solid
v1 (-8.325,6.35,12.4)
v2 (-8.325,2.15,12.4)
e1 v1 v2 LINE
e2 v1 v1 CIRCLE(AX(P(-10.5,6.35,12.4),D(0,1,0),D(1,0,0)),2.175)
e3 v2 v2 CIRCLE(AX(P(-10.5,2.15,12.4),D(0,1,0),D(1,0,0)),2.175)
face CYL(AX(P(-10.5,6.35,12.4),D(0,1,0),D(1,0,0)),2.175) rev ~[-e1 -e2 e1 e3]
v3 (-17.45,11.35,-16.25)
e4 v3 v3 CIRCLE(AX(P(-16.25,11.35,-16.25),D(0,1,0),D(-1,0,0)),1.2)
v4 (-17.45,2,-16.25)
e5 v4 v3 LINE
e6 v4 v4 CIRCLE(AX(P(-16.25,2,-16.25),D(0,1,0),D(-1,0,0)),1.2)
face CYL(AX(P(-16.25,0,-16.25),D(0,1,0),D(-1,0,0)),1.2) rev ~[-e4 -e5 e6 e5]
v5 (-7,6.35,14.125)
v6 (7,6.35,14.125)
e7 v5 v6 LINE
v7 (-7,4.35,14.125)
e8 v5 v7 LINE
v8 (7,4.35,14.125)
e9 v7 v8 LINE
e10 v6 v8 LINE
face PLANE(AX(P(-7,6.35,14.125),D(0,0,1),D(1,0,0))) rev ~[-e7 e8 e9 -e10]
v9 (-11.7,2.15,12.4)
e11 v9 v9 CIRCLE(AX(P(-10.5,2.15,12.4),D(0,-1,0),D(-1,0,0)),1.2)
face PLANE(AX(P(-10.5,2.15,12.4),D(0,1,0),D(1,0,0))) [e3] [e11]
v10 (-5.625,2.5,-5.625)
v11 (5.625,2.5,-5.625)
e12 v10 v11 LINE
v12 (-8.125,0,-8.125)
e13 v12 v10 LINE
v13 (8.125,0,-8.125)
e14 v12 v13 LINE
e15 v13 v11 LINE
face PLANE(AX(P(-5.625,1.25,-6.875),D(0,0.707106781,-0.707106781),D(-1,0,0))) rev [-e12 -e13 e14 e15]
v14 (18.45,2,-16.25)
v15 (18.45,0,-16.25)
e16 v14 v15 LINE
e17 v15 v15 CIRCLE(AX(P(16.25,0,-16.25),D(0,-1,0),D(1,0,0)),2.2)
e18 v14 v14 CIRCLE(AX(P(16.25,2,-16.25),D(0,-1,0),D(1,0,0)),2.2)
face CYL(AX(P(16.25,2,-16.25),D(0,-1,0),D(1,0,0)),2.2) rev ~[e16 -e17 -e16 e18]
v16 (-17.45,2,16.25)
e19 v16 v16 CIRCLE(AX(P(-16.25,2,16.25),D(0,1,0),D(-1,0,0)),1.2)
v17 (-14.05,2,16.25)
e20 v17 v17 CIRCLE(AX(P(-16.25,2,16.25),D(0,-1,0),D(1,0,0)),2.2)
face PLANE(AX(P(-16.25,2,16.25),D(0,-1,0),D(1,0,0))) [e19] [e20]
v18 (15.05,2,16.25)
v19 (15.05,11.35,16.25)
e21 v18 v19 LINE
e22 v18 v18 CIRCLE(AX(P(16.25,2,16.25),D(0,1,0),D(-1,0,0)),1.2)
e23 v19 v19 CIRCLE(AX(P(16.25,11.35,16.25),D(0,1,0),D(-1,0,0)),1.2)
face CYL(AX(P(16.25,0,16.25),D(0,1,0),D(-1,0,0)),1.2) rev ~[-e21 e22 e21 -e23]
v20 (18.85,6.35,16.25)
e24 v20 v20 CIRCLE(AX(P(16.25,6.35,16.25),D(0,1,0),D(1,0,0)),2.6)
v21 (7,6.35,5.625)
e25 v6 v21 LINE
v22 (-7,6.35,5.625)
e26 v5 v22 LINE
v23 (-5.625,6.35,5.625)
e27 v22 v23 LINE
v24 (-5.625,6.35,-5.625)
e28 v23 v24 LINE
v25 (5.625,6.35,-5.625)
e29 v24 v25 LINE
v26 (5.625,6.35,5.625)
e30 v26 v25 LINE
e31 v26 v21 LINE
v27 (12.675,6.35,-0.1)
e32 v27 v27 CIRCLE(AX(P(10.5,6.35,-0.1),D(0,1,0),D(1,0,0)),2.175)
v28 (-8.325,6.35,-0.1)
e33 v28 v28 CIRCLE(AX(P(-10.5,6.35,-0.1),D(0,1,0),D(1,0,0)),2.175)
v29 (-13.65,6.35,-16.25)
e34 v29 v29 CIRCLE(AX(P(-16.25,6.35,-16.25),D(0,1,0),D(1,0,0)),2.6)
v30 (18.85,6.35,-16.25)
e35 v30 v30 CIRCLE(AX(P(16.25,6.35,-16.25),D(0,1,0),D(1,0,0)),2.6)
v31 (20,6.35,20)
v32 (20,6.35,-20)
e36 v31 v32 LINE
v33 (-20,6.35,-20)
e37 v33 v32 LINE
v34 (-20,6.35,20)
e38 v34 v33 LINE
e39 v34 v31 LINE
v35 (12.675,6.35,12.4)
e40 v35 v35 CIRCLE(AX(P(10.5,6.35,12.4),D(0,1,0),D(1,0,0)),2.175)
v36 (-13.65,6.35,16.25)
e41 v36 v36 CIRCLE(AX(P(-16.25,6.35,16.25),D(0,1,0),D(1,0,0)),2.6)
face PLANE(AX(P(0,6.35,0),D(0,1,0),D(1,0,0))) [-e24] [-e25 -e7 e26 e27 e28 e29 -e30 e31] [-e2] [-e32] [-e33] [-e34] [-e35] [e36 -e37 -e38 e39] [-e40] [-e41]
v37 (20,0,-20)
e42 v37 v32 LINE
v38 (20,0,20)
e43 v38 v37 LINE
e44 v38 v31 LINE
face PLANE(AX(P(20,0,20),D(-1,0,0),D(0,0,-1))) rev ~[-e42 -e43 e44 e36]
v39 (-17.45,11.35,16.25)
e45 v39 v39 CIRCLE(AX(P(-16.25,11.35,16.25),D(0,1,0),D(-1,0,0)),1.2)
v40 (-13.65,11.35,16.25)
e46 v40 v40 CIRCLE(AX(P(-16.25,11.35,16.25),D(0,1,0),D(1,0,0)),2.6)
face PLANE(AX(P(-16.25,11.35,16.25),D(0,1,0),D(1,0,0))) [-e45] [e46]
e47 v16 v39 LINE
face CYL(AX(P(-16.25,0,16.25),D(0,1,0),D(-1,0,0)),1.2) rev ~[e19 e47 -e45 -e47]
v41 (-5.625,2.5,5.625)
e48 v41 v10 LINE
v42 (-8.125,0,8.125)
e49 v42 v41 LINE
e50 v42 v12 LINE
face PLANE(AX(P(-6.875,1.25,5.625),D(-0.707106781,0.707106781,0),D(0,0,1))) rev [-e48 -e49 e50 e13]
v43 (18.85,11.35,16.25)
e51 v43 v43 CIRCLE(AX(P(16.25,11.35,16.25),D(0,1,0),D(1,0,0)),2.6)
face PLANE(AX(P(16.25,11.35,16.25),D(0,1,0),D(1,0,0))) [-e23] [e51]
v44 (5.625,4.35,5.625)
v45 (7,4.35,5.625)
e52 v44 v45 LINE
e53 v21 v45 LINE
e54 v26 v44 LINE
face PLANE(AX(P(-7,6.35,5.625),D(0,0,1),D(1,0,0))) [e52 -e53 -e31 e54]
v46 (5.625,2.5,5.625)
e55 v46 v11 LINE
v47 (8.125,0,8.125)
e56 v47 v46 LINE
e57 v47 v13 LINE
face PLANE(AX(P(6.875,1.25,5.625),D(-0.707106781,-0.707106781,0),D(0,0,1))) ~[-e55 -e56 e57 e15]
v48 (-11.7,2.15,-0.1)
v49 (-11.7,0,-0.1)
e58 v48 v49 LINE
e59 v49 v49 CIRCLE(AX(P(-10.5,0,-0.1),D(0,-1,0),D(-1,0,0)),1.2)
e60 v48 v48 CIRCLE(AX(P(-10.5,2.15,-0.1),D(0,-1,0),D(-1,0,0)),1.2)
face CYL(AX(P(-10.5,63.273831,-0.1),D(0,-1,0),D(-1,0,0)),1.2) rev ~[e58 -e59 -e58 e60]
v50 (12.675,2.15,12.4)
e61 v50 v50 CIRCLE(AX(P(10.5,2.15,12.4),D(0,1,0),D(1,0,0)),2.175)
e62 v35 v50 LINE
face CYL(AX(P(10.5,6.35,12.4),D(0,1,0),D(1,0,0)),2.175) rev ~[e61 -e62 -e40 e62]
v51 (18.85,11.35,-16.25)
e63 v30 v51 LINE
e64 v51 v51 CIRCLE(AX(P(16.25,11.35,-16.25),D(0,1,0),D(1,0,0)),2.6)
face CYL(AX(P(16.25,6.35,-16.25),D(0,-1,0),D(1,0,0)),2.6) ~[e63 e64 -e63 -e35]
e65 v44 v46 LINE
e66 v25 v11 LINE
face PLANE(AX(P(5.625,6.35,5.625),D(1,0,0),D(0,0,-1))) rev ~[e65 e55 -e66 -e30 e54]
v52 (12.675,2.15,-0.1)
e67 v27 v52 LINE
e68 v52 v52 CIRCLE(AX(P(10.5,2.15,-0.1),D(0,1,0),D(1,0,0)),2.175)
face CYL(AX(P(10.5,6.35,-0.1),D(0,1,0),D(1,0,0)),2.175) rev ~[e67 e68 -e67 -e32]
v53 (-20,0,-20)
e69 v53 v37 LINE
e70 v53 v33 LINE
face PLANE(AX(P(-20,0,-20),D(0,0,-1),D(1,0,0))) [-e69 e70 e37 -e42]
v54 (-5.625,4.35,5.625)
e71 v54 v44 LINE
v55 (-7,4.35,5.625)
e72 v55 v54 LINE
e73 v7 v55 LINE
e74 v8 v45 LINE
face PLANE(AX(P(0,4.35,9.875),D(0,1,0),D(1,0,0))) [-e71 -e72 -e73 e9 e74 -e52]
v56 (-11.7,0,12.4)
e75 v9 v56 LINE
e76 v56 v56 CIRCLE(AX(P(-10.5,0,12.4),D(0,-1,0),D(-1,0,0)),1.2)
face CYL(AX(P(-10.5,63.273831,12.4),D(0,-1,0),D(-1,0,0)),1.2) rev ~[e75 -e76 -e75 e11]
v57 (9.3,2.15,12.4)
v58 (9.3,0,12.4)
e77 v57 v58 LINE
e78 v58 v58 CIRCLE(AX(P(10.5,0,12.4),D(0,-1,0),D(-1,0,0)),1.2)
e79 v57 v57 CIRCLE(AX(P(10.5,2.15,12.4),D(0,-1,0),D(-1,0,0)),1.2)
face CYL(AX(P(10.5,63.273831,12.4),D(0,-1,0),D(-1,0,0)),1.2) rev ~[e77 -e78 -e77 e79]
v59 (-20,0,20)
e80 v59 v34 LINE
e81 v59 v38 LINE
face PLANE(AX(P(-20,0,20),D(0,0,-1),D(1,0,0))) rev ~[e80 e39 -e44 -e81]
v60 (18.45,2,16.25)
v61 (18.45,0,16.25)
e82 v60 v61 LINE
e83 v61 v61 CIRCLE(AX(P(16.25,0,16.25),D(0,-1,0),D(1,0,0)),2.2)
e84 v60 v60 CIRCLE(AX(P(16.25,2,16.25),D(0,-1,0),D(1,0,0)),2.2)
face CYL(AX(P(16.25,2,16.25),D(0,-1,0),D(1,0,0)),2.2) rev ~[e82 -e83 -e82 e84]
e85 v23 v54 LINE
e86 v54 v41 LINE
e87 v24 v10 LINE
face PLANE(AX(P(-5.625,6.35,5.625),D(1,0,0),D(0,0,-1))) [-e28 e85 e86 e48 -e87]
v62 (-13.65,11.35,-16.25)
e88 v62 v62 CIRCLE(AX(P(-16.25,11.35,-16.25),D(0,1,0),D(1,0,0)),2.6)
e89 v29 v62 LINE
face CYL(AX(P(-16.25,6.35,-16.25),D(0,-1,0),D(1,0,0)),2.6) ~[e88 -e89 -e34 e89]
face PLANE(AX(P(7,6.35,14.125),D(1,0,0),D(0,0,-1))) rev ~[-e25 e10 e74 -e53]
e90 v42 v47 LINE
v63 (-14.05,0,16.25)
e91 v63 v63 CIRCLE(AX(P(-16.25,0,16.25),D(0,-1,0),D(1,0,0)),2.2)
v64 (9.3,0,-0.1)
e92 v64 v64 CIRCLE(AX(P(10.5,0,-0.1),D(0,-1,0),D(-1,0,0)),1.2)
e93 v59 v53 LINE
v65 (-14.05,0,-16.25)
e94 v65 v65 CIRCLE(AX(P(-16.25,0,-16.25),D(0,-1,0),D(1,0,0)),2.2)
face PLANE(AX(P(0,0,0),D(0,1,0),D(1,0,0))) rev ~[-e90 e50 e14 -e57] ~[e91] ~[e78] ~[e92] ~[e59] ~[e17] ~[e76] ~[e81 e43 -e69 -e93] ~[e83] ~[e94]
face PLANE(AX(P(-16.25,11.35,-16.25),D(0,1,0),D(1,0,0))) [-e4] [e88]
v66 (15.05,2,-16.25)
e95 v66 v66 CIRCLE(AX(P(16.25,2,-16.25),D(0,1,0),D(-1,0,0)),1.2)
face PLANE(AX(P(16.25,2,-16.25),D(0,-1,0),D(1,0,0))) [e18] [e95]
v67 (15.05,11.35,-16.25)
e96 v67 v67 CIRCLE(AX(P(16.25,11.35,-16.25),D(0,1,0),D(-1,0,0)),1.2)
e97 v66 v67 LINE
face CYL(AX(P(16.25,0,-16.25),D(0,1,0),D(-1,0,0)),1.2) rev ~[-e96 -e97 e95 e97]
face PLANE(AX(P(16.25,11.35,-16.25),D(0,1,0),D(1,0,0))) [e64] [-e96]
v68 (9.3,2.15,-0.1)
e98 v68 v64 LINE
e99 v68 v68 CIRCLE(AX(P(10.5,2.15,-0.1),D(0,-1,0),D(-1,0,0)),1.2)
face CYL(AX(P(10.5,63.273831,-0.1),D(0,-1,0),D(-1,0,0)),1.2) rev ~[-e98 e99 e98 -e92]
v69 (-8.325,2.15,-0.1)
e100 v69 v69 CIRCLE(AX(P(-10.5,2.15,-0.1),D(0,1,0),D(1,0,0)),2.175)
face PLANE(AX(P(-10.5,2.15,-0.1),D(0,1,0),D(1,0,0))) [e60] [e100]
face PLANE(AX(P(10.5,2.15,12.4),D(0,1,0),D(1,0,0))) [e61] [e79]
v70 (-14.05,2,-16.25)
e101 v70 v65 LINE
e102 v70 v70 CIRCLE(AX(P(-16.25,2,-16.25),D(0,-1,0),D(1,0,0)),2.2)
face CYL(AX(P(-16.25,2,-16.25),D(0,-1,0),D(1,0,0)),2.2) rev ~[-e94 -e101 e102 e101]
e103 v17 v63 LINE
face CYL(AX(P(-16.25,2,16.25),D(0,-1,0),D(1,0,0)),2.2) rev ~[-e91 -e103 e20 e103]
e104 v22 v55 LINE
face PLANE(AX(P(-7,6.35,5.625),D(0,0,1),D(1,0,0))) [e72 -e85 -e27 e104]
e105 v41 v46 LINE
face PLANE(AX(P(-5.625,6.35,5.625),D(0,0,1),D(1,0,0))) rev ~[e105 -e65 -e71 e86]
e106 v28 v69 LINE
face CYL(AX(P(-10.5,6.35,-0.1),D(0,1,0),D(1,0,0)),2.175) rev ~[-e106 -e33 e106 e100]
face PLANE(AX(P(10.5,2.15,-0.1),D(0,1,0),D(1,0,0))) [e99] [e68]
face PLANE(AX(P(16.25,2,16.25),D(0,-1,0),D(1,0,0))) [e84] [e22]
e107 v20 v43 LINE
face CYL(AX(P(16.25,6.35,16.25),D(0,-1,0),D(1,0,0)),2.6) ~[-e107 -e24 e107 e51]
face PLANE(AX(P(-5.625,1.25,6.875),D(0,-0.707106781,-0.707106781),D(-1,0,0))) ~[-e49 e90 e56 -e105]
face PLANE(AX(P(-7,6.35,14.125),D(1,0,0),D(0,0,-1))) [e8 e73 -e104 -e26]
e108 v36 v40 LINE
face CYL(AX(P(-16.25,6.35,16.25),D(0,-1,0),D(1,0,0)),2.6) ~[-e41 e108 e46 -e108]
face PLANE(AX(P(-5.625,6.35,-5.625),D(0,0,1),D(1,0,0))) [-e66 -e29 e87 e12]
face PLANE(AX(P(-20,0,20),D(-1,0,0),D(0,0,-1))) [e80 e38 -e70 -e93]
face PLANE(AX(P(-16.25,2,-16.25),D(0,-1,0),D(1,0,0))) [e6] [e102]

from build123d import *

# Parameters (mm, degrees)
SKETCH1_W                      = 40
SKETCH1_H                      = 40
BOSS_EXTRUDE1_DEPTH            = 6.35
SKETCH2_W                      = 11.25
SKETCH2_H                      = 11.25
CUT_EXTRUDE1_DEPTH             = 7.35
SKETCH3_W                      = 14
SKETCH3_H                      = 8.5
CUT_EXTRUDE2_DEPTH             = 2
M2_CLEARANCE_HOLE1_D           = 2.4
SKETCH6_R                      = 2.6
BOSS_EXTRUDE2_DEPTH            = 5
CBORE_FOR_M2_SHCS1_D           = 2.4
CBORE_FOR_M2_SHCS1_CBORE_D     = 4.4
CBORE_FOR_M2_SHCS1_CBORE_DEPTH = 2
SKETCH13_R                     = 2.175
CUT_EXTRUDE4_DEPTH             = 4.2
CHAMFER1_SIZE                  = 2.5


with BuildPart() as part:
    # Sketch1 → Boss-Extrude1 (new body)
    with BuildSketch(Plane(origin=(0, 0, 0), x_dir=(1, 0, 0), z_dir=(0, 1, 0))):
        Rectangle(SKETCH1_W, SKETCH1_H)
    extrude(amount=BOSS_EXTRUDE1_DEPTH)

    # Sketch2 → Cut-Extrude1 (cut, through all)
    with BuildSketch(Plane(origin=(0, 6.35, 0), x_dir=(1, 0, 0), z_dir=(0, 1, 0))):
        Rectangle(SKETCH2_W, SKETCH2_H)
    extrude(amount=-CUT_EXTRUDE1_DEPTH, mode=Mode.SUBTRACT)

    # Sketch3 → Cut-Extrude2 (cut)
    with BuildSketch(Plane(origin=(0, 6.35, 0), x_dir=(1, 0, 0), z_dir=(0, 1, 0))):
        with Locations((0, -9.875)):
            Rectangle(SKETCH3_W, SKETCH3_H)
    extrude(amount=-CUT_EXTRUDE2_DEPTH, mode=Mode.SUBTRACT)

    # M2 Clearance Hole1 (through all)
    with Locations(Plane(origin=(0, 6.35, 0), x_dir=(1, 0, 0), z_dir=(0, 1, 0))):
        with Locations((10.5, 0.1), (10.5, -12.4), (-10.5, -12.4), (-10.5, 0.1)):
            Hole(M2_CLEARANCE_HOLE1_D / 2)

    # Sketch6 → Boss-Extrude2 (add)
    with BuildSketch(Plane(origin=(0, 6.35, 0), x_dir=(1, 0, 0), z_dir=(0, 1, 0))):
        with Locations((-16.25, 16.25)):
            Circle(SKETCH6_R)
        with Locations((16.25, 16.25)):
            Circle(SKETCH6_R)
        with Locations((16.25, -16.25)):
            Circle(SKETCH6_R)
        with Locations((-16.25, -16.25)):
            Circle(SKETCH6_R)
    extrude(amount=BOSS_EXTRUDE2_DEPTH)

    # CBORE for M2 SHCS1 (through all)
    with Locations(Plane.XZ):
        with Locations((-16.25, -16.25), (-16.25, 16.25), (16.25, 16.25), (16.25, -16.25)):
            CounterBoreHole(CBORE_FOR_M2_SHCS1_D / 2, CBORE_FOR_M2_SHCS1_CBORE_D / 2, CBORE_FOR_M2_SHCS1_CBORE_DEPTH)

    # Sketch13 → Cut-Extrude4 (cut)
    with BuildSketch(Plane(origin=(0, 6.35, 0), x_dir=(1, 0, 0), z_dir=(0, 1, 0))):
        with Locations((-10.5, -12.4)):
            Circle(SKETCH13_R)
        with Locations((-10.5, 0.1)):
            Circle(SKETCH13_R)
        with Locations((10.5, -12.4)):
            Circle(SKETCH13_R)
        with Locations((10.5, 0.1)):
            Circle(SKETCH13_R)
    extrude(amount=-CUT_EXTRUDE4_DEPTH, mode=Mode.SUBTRACT)

    # Chamfer1
    chamfer1_edges = [part.edges().sort_by_distance(p)[0] for p in [
        (5.625, 0, 0),
        (0, 0, 5.625),
        (-5.625, 0, 0),
        (0, 0, -5.625),
    ]]
    chamfer(chamfer1_edges, length=CHAMFER1_SIZE)


solid = part.part
